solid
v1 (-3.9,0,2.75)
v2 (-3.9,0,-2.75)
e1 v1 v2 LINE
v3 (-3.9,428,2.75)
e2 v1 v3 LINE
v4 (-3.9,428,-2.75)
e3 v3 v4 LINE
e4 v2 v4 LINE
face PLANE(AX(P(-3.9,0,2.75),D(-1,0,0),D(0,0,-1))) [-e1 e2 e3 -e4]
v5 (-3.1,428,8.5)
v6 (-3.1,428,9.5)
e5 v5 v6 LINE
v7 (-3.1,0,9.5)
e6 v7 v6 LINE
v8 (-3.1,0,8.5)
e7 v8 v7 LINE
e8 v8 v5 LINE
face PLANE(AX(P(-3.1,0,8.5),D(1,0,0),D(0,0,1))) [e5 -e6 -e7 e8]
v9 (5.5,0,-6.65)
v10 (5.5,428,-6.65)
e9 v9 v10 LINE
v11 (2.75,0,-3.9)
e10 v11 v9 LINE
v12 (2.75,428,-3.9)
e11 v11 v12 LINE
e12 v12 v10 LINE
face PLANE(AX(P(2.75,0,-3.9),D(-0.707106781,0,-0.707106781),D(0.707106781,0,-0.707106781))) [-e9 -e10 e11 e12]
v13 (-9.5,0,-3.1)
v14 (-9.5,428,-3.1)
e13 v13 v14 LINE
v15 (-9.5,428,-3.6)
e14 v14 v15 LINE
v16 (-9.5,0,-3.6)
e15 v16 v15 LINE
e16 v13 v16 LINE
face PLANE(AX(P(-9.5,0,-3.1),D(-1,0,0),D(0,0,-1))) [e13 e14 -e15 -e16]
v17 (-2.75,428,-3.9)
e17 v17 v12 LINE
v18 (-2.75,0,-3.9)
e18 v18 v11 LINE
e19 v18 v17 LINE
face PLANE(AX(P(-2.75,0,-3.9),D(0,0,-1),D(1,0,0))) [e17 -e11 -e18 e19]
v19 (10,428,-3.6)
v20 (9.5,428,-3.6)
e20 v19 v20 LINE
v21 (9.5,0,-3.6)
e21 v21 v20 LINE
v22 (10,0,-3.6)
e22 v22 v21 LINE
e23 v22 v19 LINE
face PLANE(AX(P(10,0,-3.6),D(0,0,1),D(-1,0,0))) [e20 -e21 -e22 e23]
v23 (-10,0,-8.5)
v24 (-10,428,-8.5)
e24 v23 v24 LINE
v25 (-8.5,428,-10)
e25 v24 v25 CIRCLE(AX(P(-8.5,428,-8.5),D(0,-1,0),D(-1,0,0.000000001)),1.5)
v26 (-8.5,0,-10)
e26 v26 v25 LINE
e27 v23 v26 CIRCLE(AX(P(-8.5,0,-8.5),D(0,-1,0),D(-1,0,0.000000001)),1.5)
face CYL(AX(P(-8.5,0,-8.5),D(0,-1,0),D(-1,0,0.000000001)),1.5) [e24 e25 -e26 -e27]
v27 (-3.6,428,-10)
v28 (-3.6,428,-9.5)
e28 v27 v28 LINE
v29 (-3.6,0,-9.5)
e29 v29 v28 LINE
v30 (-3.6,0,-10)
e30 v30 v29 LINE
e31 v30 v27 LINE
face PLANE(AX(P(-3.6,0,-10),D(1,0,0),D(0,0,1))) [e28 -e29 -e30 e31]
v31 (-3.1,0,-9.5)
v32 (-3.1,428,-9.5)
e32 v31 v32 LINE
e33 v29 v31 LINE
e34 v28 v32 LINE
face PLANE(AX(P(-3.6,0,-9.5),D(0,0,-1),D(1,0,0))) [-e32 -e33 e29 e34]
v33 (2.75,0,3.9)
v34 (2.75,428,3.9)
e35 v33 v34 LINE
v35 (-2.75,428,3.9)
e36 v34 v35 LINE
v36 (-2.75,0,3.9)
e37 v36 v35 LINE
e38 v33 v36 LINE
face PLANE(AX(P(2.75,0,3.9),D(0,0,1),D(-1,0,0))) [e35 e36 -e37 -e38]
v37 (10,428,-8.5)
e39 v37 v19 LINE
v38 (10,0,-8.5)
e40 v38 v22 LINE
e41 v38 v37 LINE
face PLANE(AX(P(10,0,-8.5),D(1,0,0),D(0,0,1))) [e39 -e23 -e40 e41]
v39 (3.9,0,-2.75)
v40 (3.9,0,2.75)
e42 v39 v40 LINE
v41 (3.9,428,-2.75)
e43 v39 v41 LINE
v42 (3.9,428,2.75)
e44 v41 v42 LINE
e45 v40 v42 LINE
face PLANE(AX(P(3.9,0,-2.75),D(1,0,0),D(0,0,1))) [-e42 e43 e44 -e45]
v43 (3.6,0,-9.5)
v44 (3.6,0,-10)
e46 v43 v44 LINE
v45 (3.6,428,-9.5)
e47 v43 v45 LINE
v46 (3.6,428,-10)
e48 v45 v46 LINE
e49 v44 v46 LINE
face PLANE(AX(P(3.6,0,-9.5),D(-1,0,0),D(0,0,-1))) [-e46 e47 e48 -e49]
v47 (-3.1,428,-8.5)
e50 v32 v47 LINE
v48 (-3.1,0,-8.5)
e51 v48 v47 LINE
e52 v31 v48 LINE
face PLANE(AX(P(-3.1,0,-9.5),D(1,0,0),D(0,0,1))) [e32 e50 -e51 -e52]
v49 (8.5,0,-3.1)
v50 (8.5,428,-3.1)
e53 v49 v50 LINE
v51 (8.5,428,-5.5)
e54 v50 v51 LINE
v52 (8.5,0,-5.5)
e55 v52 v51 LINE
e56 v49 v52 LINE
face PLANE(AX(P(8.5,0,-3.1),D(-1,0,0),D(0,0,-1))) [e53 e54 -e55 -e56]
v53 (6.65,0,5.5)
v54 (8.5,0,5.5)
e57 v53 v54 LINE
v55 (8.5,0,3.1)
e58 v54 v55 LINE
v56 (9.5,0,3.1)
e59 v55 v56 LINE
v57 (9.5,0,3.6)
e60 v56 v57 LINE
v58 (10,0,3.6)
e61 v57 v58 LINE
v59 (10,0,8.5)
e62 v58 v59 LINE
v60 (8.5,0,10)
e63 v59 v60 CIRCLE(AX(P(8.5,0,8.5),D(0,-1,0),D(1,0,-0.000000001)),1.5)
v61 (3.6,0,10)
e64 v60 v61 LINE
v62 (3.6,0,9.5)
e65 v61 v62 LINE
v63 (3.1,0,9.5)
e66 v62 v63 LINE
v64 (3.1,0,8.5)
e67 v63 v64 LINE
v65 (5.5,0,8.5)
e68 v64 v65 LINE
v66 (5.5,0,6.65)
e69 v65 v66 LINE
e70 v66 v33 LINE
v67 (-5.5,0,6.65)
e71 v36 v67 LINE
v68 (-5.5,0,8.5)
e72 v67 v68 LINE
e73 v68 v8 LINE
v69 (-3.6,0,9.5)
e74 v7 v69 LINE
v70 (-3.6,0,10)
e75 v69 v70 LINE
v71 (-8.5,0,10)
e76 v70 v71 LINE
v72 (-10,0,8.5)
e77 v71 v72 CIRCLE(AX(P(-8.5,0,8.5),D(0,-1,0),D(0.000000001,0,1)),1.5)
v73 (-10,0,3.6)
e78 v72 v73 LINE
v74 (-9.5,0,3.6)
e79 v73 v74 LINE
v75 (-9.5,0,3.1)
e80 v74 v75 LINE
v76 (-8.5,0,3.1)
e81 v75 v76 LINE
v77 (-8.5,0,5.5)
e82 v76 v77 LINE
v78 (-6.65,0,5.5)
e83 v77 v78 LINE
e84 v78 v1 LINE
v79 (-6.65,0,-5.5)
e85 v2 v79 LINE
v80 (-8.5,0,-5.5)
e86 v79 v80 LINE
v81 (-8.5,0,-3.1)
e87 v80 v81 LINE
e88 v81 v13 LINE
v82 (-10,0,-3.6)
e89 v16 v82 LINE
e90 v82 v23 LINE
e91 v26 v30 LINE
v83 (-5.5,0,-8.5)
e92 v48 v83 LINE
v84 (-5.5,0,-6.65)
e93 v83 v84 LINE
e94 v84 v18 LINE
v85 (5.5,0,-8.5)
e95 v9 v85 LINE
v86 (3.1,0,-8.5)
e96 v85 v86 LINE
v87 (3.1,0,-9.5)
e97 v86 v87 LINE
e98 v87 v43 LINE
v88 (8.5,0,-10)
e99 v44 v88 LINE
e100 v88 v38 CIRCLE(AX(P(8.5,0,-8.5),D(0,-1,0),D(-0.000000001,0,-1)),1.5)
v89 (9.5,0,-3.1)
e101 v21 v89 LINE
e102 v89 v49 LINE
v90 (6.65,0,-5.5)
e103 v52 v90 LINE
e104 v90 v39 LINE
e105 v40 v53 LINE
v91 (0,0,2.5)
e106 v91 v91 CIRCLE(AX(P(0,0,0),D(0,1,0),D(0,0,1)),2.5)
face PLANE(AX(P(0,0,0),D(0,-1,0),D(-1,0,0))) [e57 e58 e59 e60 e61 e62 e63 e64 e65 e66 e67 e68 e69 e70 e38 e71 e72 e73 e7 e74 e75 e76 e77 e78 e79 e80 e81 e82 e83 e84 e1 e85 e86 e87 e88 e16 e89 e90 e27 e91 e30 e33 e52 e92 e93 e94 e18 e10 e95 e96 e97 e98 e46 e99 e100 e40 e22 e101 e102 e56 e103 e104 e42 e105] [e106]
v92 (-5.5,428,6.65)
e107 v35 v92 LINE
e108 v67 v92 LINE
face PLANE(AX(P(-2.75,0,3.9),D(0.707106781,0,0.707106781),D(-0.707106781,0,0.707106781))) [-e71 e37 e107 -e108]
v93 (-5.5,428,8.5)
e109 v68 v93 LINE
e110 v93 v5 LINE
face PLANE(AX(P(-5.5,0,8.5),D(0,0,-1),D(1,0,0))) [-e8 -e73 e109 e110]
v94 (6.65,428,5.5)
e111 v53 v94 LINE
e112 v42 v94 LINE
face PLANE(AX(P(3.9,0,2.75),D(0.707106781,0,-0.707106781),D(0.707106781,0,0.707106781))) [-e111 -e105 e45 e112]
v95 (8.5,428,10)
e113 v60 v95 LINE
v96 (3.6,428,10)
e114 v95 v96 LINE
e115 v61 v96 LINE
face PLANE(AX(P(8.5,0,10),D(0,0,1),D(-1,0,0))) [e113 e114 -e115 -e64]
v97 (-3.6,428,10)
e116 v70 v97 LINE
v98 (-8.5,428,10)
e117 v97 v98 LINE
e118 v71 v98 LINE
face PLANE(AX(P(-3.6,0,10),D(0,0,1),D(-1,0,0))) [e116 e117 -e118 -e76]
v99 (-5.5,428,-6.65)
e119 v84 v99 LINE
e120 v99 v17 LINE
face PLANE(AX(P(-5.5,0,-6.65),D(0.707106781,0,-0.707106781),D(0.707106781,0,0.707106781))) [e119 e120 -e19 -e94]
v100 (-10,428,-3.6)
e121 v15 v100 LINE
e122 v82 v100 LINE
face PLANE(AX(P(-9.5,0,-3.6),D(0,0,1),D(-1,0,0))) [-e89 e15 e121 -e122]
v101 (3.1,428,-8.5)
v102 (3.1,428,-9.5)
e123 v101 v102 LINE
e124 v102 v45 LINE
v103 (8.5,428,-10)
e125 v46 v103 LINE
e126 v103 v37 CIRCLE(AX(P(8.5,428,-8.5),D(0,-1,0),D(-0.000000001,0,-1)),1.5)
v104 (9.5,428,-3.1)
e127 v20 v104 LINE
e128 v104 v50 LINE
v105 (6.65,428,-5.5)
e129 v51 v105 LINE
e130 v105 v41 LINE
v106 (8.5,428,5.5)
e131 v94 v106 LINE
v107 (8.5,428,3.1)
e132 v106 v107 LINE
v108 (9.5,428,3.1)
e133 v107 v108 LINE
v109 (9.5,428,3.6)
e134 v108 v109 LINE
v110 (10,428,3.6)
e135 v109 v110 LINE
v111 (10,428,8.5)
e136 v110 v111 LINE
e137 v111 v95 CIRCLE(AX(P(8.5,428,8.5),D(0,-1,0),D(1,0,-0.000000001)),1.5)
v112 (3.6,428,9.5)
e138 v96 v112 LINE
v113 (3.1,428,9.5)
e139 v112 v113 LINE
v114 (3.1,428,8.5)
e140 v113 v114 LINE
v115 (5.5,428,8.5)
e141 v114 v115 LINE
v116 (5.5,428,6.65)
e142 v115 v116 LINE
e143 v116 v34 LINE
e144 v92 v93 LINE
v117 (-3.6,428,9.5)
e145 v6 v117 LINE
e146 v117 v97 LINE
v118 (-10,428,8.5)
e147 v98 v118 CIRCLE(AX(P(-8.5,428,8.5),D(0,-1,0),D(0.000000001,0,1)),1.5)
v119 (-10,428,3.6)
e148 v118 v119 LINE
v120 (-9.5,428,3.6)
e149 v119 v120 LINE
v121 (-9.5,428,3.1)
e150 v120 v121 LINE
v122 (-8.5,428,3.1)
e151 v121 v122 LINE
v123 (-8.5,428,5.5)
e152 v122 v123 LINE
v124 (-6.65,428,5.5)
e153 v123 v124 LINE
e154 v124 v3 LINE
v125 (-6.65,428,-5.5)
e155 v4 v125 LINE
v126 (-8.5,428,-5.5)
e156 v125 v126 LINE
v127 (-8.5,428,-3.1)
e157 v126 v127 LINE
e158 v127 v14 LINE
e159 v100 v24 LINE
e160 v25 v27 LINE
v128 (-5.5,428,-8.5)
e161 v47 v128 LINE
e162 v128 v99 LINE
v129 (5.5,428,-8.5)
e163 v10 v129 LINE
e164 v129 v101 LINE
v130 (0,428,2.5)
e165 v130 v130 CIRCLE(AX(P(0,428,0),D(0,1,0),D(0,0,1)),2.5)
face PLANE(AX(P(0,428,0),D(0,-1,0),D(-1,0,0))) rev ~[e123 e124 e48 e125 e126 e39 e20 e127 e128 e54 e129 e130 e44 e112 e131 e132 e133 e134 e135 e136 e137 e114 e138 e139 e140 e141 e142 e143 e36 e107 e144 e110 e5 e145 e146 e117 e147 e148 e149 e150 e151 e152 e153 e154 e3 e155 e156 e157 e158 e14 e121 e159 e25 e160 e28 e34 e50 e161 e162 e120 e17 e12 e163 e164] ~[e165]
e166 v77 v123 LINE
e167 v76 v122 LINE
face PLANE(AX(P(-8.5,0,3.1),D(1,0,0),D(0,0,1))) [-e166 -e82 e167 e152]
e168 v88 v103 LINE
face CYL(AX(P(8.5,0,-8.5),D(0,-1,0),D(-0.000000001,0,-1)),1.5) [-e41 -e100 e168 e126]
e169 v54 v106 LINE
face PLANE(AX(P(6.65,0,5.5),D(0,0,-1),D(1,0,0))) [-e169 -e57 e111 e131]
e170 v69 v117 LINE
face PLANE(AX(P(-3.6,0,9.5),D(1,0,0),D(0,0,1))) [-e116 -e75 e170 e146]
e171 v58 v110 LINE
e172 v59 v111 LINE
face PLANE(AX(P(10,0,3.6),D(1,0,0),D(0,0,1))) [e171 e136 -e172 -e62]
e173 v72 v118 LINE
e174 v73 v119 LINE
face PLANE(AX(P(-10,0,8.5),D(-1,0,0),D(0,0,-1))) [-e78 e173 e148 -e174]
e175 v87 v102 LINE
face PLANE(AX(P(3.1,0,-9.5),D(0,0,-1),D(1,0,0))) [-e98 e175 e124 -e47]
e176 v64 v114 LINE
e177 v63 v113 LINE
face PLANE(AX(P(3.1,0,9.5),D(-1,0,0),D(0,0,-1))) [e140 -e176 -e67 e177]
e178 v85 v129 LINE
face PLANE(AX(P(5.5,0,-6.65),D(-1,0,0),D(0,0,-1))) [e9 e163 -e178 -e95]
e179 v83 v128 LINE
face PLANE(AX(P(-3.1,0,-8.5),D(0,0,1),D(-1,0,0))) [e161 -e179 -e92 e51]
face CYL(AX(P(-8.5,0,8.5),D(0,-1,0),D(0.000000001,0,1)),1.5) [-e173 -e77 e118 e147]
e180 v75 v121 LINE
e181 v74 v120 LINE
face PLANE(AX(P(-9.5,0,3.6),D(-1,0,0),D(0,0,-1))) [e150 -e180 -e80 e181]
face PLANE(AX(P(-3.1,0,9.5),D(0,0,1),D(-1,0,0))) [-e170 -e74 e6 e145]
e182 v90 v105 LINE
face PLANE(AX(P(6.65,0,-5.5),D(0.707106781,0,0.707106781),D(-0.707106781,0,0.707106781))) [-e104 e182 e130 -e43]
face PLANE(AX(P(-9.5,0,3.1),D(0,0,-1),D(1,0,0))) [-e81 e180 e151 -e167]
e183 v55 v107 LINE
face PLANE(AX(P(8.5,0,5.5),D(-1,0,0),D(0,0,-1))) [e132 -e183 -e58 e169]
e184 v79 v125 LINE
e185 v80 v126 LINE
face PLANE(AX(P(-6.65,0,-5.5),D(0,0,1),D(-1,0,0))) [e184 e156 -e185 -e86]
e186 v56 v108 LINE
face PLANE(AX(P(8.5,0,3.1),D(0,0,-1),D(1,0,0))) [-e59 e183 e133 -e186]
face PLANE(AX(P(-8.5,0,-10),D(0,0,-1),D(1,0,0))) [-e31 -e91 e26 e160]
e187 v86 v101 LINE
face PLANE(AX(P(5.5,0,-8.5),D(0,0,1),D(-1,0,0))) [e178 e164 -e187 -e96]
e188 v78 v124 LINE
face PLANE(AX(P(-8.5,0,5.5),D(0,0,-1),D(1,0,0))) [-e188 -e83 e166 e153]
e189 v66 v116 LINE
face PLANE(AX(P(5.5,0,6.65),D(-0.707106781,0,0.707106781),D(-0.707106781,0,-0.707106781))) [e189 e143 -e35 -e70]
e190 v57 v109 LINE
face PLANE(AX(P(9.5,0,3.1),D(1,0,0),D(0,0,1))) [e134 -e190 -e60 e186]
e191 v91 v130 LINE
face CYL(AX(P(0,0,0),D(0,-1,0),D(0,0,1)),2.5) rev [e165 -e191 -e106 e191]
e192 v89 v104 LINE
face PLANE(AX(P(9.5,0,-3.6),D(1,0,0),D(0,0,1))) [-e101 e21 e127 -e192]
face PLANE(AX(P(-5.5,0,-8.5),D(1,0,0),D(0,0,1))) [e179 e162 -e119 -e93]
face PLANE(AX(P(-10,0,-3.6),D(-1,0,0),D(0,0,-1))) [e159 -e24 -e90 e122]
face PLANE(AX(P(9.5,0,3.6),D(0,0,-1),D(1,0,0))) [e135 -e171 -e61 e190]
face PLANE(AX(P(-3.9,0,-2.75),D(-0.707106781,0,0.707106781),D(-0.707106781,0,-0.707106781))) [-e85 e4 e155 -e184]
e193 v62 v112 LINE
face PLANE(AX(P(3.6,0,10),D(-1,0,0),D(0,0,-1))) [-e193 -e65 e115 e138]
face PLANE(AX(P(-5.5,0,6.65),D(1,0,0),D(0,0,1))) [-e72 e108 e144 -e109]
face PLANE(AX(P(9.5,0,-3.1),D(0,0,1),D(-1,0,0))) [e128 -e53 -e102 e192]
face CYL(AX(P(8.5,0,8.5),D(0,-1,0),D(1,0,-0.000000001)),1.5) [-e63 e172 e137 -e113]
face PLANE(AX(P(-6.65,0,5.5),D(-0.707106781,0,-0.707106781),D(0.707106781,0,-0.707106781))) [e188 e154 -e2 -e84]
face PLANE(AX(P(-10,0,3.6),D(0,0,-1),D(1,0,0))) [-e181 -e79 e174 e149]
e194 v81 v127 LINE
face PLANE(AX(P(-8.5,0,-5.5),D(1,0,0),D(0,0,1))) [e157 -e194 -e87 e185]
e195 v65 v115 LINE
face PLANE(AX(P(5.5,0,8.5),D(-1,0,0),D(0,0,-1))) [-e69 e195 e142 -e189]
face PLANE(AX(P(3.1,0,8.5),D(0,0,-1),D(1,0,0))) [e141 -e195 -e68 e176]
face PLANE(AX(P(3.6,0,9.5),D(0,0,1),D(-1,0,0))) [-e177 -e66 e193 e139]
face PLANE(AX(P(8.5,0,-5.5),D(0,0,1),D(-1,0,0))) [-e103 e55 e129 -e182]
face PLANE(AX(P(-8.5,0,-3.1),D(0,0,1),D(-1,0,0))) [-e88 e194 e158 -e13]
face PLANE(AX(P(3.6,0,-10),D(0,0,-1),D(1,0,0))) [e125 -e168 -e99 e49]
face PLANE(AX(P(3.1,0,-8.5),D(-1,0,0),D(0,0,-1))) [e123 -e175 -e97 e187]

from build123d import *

# Parameters (mm, degrees)
SKETCH_2_R      = 2.5
EXTRUDE_1_DEPTH = 428


with BuildPart() as part:
    # 草图2 → 凸台-拉伸1 (new body)
    with BuildSketch(Plane(origin=(0, 0, 0), x_dir=(1, 0, 0), z_dir=(0, 1, 0))):
        with BuildLine():
            Line((-3.6, 10), (-3.6, 9.5))
            Line((-3.6, 9.5), (-3.1, 9.5))
            Line((-3.1, 9.5), (-3.1, 8.5))
            Line((-3.1, 8.5), (-5.5, 8.5))
            Line((-5.5, 8.5), (-5.5, 6.65))
            Line((-5.5, 6.65), (-2.75, 3.9))
            Line((-2.75, 3.9), (2.75, 3.9))
            Line((2.75, 3.9), (5.5, 6.65))
            Line((5.5, 6.65), (5.5, 8.5))
            Line((5.5, 8.5), (3.1, 8.5))
            Line((3.1, 8.5), (3.1, 9.5))
            Line((3.1, 9.5), (3.6, 9.5))
            Line((3.6, 9.5), (3.6, 10))
            Line((3.6, 10), (8.5, 10))
            ThreePointArc((8.5, 10), (9.560660172, 9.560660172), (10, 8.5))
            Line((10, 8.5), (10, 3.6))
            Line((10, 3.6), (9.5, 3.6))
            Line((9.5, 3.6), (9.5, 3.1))
            Line((9.5, 3.1), (8.5, 3.1))
            Line((8.5, 3.1), (8.5, 5.5))
            Line((8.5, 5.5), (6.65, 5.5))
            Line((6.65, 5.5), (3.9, 2.75))
            Line((3.9, 2.75), (3.9, -2.75))
            Line((3.9, -2.75), (6.65, -5.5))
            Line((6.65, -5.5), (8.5, -5.5))
            Line((8.5, -5.5), (8.5, -3.1))
            Line((8.5, -3.1), (9.5, -3.1))
            Line((9.5, -3.1), (9.5, -3.6))
            Line((9.5, -3.6), (10, -3.6))
            Line((10, -3.6), (10, -8.5))
            ThreePointArc((10, -8.5), (9.560660172, -9.560660172), (8.5, -10))
            Line((8.5, -10), (3.6, -10))
            Line((3.6, -10), (3.6, -9.5))
            Line((3.6, -9.5), (3.1, -9.5))
            Line((3.1, -9.5), (3.1, -8.5))
            Line((3.1, -8.5), (5.5, -8.5))
            Line((5.5, -8.5), (5.5, -6.65))
            Line((5.5, -6.65), (2.75, -3.9))
            Line((2.75, -3.9), (-2.75, -3.9))
            Line((-2.75, -3.9), (-5.5, -6.65))
            Line((-5.5, -6.65), (-5.5, -8.5))
            Line((-5.5, -8.5), (-3.1, -8.5))
            Line((-3.1, -8.5), (-3.1, -9.5))
            Line((-3.1, -9.5), (-3.6, -9.5))
            Line((-3.6, -9.5), (-3.6, -10))
            Line((-3.6, -10), (-8.5, -10))
            ThreePointArc((-8.5, -10), (-9.560660172, -9.560660172), (-10, -8.5))
            Line((-10, -8.5), (-10, -3.6))
            Line((-10, -3.6), (-9.5, -3.6))
            Line((-9.5, -3.6), (-9.5, -3.1))
            Line((-9.5, -3.1), (-8.5, -3.1))
            Line((-8.5, -3.1), (-8.5, -5.5))
            Line((-8.5, -5.5), (-6.65, -5.5))
            Line((-6.65, -5.5), (-3.9, -2.75))
            Line((-3.9, -2.75), (-3.9, 2.75))
            Line((-3.9, 2.75), (-6.65, 5.5))
            Line((-6.65, 5.5), (-8.5, 5.5))
            Line((-8.5, 5.5), (-8.5, 3.1))
            Line((-8.5, 3.1), (-9.5, 3.1))
            Line((-9.5, 3.1), (-9.5, 3.6))
            Line((-9.5, 3.6), (-10, 3.6))
            Line((-10, 3.6), (-10, 8.5))
            ThreePointArc((-10, 8.5), (-9.560660172, 9.560660172), (-8.5, 10))
            Line((-8.5, 10), (-3.6, 10))
        make_face()
        with Locations(Location((0, 0, 0), (0, 0, 270))):
            Circle(SKETCH_2_R, mode=Mode.SUBTRACT)
    extrude(amount=EXTRUDE_1_DEPTH)


solid = part.part
